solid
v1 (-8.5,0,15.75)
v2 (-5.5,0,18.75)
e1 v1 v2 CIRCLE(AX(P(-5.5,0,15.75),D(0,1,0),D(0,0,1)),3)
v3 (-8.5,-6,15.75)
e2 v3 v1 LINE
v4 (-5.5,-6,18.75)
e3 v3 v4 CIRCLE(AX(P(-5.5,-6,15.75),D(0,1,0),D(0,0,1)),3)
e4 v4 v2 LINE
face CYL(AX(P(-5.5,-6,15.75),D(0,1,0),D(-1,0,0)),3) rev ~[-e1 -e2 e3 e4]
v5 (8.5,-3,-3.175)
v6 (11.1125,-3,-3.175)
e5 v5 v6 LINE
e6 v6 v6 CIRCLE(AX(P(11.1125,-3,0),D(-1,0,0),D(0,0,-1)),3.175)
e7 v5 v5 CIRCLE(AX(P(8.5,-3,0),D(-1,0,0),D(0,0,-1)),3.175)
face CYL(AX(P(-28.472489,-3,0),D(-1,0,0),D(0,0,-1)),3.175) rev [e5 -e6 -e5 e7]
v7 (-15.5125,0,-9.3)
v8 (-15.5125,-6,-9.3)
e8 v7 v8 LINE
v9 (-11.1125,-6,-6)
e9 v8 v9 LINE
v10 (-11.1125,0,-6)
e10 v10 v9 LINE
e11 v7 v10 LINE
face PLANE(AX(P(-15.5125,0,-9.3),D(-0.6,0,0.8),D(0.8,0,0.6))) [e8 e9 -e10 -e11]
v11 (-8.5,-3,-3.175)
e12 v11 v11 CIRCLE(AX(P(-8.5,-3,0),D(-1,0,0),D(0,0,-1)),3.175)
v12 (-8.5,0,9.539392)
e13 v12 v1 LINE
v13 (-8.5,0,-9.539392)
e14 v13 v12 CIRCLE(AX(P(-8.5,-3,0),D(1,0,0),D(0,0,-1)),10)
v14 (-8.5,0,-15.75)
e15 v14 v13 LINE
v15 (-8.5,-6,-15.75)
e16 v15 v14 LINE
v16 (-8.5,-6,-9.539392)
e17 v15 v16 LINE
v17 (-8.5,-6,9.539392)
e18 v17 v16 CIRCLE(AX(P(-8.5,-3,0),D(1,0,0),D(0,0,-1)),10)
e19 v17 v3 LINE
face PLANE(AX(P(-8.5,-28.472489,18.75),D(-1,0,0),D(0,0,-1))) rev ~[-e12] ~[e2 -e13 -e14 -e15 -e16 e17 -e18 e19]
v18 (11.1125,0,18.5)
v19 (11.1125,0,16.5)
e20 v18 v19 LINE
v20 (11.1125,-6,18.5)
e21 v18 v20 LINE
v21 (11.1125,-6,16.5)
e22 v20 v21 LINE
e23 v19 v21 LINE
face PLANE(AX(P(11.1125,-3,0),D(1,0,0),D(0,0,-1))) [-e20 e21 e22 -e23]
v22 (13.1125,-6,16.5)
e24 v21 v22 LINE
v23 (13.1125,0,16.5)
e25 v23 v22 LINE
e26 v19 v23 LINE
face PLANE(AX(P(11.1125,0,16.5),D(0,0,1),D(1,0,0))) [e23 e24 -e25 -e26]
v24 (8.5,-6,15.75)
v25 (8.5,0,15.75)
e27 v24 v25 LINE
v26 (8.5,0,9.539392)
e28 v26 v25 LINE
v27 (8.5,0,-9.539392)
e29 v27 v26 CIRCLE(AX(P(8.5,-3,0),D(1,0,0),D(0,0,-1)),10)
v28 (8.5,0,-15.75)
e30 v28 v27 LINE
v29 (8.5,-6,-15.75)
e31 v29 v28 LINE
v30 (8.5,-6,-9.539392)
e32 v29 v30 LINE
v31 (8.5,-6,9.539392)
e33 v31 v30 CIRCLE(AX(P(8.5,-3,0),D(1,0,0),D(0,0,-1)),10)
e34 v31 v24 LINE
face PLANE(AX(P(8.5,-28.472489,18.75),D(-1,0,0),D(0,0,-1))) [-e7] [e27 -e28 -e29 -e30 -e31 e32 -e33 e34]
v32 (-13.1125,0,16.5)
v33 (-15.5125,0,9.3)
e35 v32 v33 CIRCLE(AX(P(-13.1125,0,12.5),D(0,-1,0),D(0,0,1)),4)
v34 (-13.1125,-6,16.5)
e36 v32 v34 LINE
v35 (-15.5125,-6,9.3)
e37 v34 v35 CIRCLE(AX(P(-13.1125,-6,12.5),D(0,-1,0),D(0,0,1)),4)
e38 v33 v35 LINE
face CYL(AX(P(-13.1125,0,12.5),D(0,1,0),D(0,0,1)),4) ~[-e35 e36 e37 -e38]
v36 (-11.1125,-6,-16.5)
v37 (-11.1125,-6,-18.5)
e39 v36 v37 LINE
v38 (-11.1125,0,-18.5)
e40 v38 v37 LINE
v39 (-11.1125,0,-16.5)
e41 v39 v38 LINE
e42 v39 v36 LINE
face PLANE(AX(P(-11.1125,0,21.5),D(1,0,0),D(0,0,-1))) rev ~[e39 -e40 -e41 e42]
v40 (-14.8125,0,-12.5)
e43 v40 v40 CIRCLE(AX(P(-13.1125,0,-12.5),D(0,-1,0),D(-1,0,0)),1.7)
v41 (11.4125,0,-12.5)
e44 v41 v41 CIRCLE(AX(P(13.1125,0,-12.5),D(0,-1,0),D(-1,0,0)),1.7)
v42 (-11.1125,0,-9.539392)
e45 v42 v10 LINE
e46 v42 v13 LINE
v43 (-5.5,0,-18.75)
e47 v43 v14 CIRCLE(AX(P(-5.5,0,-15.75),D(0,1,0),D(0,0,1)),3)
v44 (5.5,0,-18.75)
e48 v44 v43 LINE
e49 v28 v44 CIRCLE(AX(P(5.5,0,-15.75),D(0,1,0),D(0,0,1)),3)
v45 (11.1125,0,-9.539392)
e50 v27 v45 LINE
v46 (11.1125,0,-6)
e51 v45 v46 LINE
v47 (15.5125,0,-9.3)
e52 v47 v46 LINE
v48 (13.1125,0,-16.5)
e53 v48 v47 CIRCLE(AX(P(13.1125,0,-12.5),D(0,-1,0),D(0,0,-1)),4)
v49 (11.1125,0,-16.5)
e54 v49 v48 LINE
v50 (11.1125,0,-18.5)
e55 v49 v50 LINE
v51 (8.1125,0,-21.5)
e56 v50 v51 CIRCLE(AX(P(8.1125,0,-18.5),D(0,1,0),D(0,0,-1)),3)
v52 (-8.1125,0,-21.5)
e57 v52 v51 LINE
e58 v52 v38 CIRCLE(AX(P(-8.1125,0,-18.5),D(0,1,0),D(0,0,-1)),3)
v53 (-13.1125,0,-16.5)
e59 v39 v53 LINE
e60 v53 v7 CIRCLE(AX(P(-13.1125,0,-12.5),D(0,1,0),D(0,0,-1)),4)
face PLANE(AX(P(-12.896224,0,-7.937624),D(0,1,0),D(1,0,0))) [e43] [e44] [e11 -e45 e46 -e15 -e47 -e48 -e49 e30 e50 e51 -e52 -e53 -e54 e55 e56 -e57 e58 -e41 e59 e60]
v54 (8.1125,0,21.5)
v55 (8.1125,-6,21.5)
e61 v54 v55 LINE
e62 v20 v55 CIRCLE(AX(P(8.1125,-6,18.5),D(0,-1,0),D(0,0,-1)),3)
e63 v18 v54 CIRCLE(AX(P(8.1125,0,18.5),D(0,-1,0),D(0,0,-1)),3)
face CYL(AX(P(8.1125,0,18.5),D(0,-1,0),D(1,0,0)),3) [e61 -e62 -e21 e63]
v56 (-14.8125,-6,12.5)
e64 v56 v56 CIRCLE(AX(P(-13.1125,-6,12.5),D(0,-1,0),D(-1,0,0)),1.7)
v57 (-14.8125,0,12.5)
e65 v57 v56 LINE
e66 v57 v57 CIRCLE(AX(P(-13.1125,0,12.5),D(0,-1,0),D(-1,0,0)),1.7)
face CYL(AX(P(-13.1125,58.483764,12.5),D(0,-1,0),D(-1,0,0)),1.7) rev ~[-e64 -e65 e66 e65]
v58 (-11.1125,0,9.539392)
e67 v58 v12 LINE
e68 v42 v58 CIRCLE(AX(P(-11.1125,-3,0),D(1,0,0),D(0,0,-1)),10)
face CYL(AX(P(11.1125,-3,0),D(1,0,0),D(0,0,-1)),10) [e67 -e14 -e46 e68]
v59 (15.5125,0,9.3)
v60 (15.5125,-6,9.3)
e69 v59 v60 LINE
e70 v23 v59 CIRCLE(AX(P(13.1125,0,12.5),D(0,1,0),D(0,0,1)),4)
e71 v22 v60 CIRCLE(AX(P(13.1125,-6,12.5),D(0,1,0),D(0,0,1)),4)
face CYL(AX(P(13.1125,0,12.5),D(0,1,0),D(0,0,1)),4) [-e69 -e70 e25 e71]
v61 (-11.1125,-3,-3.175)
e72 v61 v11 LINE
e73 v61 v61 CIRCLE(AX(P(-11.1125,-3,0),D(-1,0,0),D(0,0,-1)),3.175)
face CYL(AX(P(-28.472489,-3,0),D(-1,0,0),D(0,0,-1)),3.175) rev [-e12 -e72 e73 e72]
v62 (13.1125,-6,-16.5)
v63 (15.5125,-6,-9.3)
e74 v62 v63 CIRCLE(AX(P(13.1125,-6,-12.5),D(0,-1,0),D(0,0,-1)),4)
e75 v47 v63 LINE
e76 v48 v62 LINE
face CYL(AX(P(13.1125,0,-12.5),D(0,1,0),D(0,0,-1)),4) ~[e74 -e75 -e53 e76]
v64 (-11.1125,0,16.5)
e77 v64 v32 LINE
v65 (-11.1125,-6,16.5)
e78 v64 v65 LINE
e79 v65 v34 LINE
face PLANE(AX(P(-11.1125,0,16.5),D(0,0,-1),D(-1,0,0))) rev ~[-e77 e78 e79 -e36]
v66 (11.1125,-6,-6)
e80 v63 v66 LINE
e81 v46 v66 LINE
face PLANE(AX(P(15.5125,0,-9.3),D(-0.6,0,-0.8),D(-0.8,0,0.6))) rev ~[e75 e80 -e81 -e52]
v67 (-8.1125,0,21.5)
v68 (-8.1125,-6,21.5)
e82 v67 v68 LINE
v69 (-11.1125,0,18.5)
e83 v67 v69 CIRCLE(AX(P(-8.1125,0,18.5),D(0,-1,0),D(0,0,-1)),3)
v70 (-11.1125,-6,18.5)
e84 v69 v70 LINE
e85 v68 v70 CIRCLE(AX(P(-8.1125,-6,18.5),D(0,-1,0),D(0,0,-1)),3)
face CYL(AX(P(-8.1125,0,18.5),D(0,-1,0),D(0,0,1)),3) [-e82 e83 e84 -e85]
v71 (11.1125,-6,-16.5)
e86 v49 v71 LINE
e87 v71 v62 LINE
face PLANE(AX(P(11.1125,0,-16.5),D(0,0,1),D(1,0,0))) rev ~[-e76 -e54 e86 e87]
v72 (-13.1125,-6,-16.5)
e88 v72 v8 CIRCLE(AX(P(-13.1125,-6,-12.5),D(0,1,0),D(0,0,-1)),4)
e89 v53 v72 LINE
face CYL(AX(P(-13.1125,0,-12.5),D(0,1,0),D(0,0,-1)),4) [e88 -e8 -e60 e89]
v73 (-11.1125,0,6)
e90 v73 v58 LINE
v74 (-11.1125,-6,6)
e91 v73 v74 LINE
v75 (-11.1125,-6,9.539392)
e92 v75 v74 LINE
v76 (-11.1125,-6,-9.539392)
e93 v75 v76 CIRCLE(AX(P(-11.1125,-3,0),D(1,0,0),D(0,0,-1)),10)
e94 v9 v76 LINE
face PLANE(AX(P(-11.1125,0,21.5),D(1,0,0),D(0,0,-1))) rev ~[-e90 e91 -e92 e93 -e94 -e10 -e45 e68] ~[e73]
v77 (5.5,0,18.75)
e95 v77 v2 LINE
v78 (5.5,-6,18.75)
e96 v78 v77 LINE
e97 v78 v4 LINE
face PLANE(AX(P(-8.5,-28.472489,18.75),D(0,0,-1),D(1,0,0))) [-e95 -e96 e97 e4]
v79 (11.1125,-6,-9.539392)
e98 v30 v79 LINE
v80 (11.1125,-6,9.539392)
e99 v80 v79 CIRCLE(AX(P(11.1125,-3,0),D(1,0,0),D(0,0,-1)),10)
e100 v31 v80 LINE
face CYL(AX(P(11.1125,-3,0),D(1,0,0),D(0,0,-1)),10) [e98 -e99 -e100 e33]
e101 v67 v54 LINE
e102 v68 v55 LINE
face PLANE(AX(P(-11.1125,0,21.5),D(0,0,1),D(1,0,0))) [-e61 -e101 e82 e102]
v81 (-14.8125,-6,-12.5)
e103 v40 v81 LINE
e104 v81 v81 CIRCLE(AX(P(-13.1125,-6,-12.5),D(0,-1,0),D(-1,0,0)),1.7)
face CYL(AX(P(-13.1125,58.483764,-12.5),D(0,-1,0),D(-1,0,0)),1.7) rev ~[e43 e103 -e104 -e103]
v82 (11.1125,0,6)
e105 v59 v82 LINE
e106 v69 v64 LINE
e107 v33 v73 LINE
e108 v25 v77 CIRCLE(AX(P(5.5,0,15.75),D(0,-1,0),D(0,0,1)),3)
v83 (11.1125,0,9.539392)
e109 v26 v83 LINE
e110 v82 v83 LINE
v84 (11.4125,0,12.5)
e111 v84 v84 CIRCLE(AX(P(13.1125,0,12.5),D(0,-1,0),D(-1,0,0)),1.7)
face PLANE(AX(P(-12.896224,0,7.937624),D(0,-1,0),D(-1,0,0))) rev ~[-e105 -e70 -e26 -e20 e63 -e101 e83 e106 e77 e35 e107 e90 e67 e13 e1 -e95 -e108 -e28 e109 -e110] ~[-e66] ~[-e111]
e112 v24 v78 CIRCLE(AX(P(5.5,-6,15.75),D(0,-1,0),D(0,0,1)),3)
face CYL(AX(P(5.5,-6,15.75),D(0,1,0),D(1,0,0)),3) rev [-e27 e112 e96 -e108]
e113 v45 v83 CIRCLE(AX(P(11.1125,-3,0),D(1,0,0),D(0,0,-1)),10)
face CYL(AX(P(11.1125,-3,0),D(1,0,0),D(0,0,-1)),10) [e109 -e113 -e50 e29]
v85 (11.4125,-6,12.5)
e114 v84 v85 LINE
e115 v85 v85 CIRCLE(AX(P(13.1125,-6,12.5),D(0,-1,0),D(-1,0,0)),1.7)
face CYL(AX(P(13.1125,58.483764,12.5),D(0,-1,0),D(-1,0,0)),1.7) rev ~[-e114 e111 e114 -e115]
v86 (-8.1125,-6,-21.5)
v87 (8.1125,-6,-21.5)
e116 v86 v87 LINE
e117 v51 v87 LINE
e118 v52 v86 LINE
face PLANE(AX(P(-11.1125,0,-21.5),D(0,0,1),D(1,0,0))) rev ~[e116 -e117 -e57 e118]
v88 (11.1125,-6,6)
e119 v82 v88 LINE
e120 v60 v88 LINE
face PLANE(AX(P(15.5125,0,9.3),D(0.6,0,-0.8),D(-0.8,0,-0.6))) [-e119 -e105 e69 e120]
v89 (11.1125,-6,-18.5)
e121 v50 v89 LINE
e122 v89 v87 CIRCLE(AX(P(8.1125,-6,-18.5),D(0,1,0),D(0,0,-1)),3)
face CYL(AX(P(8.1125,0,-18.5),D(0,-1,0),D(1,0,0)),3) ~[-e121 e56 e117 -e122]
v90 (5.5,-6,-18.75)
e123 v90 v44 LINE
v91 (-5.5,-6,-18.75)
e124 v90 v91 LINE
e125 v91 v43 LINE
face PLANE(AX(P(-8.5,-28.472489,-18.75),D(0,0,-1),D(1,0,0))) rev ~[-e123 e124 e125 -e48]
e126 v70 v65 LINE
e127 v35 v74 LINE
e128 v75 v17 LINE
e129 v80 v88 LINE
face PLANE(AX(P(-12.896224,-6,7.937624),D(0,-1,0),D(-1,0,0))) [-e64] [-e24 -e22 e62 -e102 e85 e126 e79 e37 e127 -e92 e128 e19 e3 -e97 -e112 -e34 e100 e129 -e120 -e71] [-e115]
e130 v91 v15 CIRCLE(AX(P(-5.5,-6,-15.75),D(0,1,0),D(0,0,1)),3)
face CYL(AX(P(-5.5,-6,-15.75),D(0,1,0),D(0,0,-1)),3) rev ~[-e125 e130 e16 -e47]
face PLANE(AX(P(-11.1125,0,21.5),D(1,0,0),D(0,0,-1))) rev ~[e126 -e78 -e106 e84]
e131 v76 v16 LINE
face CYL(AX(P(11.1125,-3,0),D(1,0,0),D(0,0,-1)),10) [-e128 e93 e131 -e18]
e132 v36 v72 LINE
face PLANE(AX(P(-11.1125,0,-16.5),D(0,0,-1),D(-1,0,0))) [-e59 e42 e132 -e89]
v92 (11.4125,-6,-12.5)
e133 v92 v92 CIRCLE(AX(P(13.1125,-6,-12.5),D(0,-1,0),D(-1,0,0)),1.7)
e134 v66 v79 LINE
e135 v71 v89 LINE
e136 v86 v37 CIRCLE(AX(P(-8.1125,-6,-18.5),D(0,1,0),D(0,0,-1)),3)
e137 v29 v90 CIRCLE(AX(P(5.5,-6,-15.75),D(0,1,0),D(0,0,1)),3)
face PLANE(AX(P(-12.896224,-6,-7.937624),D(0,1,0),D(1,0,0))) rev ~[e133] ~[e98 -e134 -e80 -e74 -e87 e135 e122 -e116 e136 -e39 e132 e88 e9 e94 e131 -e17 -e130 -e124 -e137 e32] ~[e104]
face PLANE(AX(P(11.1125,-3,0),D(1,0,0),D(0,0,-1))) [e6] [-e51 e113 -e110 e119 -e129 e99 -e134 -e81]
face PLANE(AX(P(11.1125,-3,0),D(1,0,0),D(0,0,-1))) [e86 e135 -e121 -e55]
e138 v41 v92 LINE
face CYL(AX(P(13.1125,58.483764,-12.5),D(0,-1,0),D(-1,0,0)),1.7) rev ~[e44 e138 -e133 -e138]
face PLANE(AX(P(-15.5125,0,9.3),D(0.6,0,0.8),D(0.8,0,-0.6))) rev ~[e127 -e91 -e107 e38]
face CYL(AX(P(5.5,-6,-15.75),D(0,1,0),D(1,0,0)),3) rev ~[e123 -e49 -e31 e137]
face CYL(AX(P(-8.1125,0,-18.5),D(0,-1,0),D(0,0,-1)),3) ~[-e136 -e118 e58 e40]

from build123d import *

# Parameters (mm, degrees)
SKETCH1_W               = 22.225
SKETCH1_H               = 43
BOSS_EXTRUDE1_DEPTH     = 6
SKETCH3_R               = 10
BOSS_EXTRUDE2_DEPTH     = 22.225
CUT_EXTRUDE1_DEPTH      = 28.47248908
CUT_EXTRUDE1_DEPTH_BACK = 28.47248908
SKETCH4_W               = 17
SKETCH4_H               = 37.5
CUT_EXTRUDE2_DEPTH      = 28.47248908
CUT_EXTRUDE2_DEPTH_BACK = 28.47248908
SKETCH5_R               = 3.175
BOSS_EXTRUDE3_DEPTH     = 6
M3_CLEARANCE_HOLE1_D    = 3.4
FILLET1_R               = 3
FILLET2_R               = 3
BOSS_EXTRUDE4_DEPTH     = 6


with BuildPart() as part:
    # Sketch1 → Boss-Extrude1 (new body)
    with BuildSketch(Plane(origin=(0, 0, 0), x_dir=(1, 0, 0), z_dir=(0, 1, 0))):
        Rectangle(SKETCH1_W, SKETCH1_H)
    extrude(amount=-BOSS_EXTRUDE1_DEPTH)

    # Sketch3 → Boss-Extrude2 (add)
    with BuildSketch(Plane(origin=(11.1125, 0, 0), x_dir=(0, 0, -1), z_dir=(1, 0, 0))):
        with Locations((0, -3)):
            Circle(SKETCH3_R)
    extrude(amount=-BOSS_EXTRUDE2_DEPTH)

    # Sketch4 → Cut-Extrude1 (cut, two sides: drawn at the far end of the back side and taken through both)
    with BuildSketch(Plane(origin=(0, 0, 0), x_dir=(1, 0, 0), z_dir=(0, 1, 0)).offset(-CUT_EXTRUDE1_DEPTH_BACK)):
        Rectangle(SKETCH4_W, SKETCH4_H)
    extrude(amount=CUT_EXTRUDE1_DEPTH + CUT_EXTRUDE1_DEPTH_BACK, mode=Mode.SUBTRACT)

    # Sketch5 → Cut-Extrude2 (cut, two sides: drawn at the far end of the back side and taken through both)
    with BuildSketch(Plane(origin=(0, 0, 0), x_dir=(0, 0, -1), z_dir=(1, 0, 0)).offset(-CUT_EXTRUDE2_DEPTH_BACK)):
        with Locations((0, -3)):
            Circle(SKETCH5_R)
    extrude(amount=CUT_EXTRUDE2_DEPTH + CUT_EXTRUDE2_DEPTH_BACK, mode=Mode.SUBTRACT)

    # Sketch7 → Boss-Extrude3 (add)
    with BuildSketch(Plane(origin=(0, 0, 0), x_dir=(1, 0, 0), z_dir=(0, 1, 0))):
        with BuildLine():
            Line((11.1125, 16.5), (13.1125, 16.5))
            ThreePointArc((13.1125, 16.5), (17.1125, 12.5), (13.1125, 8.5))
            Line((13.1125, 8.5), (11.1125, 8.5))
            Line((11.1125, 8.5), (11.1125, 16.5))
        make_face()
        with BuildLine():
            Line((11.1125, -16.5), (13.1125, -16.5))
            ThreePointArc((13.1125, -16.5), (17.1125, -12.5), (13.1125, -8.5))
            Line((13.1125, -8.5), (11.1125, -8.5))
            Line((11.1125, -8.5), (11.1125, -16.5))
        make_face()
        with BuildLine():
            Line((-11.1125, -8.5), (-11.1125, -16.5))
            Line((-11.1125, -16.5), (-13.1125, -16.5))
            ThreePointArc((-13.1125, -16.5), (-17.1125, -12.5), (-13.1125, -8.5))
            Line((-13.1125, -8.5), (-11.1125, -8.5))
        make_face()
        with BuildLine():
            Line((-11.1125, 8.5), (-11.1125, 16.5))
            Line((-11.1125, 16.5), (-13.1125, 16.5))
            ThreePointArc((-13.1125, 16.5), (-17.1125, 12.5), (-13.1125, 8.5))
            Line((-13.1125, 8.5), (-11.1125, 8.5))
        make_face()
    extrude(amount=-BOSS_EXTRUDE3_DEPTH)

    # M3 Clearance Hole1 (through all)
    with Locations(Plane(origin=(0, 0, 0), x_dir=(1, 0, 0), z_dir=(0, 1, 0))):
        with Locations((13.1125, 12.5), (-13.1125, 12.5), (-13.1125, -12.5), (13.1125, -12.5)):
            Hole(M3_CLEARANCE_HOLE1_D / 2)

    # Fillet1
    fillet1_edges = [part.edges().sort_by_distance(p)[0] for p in [
        (11.1125, -3, 21.5),
        (-11.1125, -3, 21.5),
        (-11.1125, -3, -21.5),
        (11.1125, -3, -21.5),
    ]]
    fillet(fillet1_edges, radius=FILLET1_R)

    # Fillet2
    fillet2_edges = [part.edges().sort_by_distance(p)[0] for p in [
        (-8.5, -3, -18.75),
        (8.5, -3, 18.75),
        (-8.5, -3, 18.75),
        (8.5, -3, -18.75),
    ]]
    fillet(fillet2_edges, radius=FILLET2_R)

    # Sketch11 → Boss-Extrude4 (add)
    with BuildSketch(Plane(origin=(0, 0, 0), x_dir=(1, 0, 0), z_dir=(0, 1, 0))):
        with BuildLine():
            Line((-15.5125, -9.3), (-11.1125, -6))
            Line((-11.1125, -6), (-11.1125, -8.5))
            Line((-11.1125, -8.5), (-13.1125, -8.5))
            ThreePointArc((-13.1125, -8.5), (-14.377411064, -8.705266808), (-15.5125, -9.3))
        make_face()
        with BuildLine():
            Line((-11.1125, 8.5), (-13.1125, 8.5))
            ThreePointArc((-13.1125, 8.5), (-14.377411064, 8.705266808), (-15.5125, 9.3))
            Line((-15.5125, 9.3), (-11.1125, 6))
            Line((-11.1125, 6), (-11.1125, 8.5))
        make_face()
        with BuildLine():
            Line((15.5125, 9.3), (11.1125, 6))
            Line((11.1125, 6), (11.1125, 8.5))
            Line((11.1125, 8.5), (13.1125, 8.5))
            ThreePointArc((13.1125, 8.5), (14.377411064, 8.705266808), (15.5125, 9.3))
        make_face()
        with BuildLine():
            Line((11.1125, -8.5), (13.1125, -8.5))
            ThreePointArc((13.1125, -8.5), (14.377411064, -8.705266808), (15.5125, -9.3))
            Line((15.5125, -9.3), (11.1125, -6))
            Line((11.1125, -6), (11.1125, -8.5))
        make_face()
    extrude(amount=-BOSS_EXTRUDE4_DEPTH)


solid = part.part
